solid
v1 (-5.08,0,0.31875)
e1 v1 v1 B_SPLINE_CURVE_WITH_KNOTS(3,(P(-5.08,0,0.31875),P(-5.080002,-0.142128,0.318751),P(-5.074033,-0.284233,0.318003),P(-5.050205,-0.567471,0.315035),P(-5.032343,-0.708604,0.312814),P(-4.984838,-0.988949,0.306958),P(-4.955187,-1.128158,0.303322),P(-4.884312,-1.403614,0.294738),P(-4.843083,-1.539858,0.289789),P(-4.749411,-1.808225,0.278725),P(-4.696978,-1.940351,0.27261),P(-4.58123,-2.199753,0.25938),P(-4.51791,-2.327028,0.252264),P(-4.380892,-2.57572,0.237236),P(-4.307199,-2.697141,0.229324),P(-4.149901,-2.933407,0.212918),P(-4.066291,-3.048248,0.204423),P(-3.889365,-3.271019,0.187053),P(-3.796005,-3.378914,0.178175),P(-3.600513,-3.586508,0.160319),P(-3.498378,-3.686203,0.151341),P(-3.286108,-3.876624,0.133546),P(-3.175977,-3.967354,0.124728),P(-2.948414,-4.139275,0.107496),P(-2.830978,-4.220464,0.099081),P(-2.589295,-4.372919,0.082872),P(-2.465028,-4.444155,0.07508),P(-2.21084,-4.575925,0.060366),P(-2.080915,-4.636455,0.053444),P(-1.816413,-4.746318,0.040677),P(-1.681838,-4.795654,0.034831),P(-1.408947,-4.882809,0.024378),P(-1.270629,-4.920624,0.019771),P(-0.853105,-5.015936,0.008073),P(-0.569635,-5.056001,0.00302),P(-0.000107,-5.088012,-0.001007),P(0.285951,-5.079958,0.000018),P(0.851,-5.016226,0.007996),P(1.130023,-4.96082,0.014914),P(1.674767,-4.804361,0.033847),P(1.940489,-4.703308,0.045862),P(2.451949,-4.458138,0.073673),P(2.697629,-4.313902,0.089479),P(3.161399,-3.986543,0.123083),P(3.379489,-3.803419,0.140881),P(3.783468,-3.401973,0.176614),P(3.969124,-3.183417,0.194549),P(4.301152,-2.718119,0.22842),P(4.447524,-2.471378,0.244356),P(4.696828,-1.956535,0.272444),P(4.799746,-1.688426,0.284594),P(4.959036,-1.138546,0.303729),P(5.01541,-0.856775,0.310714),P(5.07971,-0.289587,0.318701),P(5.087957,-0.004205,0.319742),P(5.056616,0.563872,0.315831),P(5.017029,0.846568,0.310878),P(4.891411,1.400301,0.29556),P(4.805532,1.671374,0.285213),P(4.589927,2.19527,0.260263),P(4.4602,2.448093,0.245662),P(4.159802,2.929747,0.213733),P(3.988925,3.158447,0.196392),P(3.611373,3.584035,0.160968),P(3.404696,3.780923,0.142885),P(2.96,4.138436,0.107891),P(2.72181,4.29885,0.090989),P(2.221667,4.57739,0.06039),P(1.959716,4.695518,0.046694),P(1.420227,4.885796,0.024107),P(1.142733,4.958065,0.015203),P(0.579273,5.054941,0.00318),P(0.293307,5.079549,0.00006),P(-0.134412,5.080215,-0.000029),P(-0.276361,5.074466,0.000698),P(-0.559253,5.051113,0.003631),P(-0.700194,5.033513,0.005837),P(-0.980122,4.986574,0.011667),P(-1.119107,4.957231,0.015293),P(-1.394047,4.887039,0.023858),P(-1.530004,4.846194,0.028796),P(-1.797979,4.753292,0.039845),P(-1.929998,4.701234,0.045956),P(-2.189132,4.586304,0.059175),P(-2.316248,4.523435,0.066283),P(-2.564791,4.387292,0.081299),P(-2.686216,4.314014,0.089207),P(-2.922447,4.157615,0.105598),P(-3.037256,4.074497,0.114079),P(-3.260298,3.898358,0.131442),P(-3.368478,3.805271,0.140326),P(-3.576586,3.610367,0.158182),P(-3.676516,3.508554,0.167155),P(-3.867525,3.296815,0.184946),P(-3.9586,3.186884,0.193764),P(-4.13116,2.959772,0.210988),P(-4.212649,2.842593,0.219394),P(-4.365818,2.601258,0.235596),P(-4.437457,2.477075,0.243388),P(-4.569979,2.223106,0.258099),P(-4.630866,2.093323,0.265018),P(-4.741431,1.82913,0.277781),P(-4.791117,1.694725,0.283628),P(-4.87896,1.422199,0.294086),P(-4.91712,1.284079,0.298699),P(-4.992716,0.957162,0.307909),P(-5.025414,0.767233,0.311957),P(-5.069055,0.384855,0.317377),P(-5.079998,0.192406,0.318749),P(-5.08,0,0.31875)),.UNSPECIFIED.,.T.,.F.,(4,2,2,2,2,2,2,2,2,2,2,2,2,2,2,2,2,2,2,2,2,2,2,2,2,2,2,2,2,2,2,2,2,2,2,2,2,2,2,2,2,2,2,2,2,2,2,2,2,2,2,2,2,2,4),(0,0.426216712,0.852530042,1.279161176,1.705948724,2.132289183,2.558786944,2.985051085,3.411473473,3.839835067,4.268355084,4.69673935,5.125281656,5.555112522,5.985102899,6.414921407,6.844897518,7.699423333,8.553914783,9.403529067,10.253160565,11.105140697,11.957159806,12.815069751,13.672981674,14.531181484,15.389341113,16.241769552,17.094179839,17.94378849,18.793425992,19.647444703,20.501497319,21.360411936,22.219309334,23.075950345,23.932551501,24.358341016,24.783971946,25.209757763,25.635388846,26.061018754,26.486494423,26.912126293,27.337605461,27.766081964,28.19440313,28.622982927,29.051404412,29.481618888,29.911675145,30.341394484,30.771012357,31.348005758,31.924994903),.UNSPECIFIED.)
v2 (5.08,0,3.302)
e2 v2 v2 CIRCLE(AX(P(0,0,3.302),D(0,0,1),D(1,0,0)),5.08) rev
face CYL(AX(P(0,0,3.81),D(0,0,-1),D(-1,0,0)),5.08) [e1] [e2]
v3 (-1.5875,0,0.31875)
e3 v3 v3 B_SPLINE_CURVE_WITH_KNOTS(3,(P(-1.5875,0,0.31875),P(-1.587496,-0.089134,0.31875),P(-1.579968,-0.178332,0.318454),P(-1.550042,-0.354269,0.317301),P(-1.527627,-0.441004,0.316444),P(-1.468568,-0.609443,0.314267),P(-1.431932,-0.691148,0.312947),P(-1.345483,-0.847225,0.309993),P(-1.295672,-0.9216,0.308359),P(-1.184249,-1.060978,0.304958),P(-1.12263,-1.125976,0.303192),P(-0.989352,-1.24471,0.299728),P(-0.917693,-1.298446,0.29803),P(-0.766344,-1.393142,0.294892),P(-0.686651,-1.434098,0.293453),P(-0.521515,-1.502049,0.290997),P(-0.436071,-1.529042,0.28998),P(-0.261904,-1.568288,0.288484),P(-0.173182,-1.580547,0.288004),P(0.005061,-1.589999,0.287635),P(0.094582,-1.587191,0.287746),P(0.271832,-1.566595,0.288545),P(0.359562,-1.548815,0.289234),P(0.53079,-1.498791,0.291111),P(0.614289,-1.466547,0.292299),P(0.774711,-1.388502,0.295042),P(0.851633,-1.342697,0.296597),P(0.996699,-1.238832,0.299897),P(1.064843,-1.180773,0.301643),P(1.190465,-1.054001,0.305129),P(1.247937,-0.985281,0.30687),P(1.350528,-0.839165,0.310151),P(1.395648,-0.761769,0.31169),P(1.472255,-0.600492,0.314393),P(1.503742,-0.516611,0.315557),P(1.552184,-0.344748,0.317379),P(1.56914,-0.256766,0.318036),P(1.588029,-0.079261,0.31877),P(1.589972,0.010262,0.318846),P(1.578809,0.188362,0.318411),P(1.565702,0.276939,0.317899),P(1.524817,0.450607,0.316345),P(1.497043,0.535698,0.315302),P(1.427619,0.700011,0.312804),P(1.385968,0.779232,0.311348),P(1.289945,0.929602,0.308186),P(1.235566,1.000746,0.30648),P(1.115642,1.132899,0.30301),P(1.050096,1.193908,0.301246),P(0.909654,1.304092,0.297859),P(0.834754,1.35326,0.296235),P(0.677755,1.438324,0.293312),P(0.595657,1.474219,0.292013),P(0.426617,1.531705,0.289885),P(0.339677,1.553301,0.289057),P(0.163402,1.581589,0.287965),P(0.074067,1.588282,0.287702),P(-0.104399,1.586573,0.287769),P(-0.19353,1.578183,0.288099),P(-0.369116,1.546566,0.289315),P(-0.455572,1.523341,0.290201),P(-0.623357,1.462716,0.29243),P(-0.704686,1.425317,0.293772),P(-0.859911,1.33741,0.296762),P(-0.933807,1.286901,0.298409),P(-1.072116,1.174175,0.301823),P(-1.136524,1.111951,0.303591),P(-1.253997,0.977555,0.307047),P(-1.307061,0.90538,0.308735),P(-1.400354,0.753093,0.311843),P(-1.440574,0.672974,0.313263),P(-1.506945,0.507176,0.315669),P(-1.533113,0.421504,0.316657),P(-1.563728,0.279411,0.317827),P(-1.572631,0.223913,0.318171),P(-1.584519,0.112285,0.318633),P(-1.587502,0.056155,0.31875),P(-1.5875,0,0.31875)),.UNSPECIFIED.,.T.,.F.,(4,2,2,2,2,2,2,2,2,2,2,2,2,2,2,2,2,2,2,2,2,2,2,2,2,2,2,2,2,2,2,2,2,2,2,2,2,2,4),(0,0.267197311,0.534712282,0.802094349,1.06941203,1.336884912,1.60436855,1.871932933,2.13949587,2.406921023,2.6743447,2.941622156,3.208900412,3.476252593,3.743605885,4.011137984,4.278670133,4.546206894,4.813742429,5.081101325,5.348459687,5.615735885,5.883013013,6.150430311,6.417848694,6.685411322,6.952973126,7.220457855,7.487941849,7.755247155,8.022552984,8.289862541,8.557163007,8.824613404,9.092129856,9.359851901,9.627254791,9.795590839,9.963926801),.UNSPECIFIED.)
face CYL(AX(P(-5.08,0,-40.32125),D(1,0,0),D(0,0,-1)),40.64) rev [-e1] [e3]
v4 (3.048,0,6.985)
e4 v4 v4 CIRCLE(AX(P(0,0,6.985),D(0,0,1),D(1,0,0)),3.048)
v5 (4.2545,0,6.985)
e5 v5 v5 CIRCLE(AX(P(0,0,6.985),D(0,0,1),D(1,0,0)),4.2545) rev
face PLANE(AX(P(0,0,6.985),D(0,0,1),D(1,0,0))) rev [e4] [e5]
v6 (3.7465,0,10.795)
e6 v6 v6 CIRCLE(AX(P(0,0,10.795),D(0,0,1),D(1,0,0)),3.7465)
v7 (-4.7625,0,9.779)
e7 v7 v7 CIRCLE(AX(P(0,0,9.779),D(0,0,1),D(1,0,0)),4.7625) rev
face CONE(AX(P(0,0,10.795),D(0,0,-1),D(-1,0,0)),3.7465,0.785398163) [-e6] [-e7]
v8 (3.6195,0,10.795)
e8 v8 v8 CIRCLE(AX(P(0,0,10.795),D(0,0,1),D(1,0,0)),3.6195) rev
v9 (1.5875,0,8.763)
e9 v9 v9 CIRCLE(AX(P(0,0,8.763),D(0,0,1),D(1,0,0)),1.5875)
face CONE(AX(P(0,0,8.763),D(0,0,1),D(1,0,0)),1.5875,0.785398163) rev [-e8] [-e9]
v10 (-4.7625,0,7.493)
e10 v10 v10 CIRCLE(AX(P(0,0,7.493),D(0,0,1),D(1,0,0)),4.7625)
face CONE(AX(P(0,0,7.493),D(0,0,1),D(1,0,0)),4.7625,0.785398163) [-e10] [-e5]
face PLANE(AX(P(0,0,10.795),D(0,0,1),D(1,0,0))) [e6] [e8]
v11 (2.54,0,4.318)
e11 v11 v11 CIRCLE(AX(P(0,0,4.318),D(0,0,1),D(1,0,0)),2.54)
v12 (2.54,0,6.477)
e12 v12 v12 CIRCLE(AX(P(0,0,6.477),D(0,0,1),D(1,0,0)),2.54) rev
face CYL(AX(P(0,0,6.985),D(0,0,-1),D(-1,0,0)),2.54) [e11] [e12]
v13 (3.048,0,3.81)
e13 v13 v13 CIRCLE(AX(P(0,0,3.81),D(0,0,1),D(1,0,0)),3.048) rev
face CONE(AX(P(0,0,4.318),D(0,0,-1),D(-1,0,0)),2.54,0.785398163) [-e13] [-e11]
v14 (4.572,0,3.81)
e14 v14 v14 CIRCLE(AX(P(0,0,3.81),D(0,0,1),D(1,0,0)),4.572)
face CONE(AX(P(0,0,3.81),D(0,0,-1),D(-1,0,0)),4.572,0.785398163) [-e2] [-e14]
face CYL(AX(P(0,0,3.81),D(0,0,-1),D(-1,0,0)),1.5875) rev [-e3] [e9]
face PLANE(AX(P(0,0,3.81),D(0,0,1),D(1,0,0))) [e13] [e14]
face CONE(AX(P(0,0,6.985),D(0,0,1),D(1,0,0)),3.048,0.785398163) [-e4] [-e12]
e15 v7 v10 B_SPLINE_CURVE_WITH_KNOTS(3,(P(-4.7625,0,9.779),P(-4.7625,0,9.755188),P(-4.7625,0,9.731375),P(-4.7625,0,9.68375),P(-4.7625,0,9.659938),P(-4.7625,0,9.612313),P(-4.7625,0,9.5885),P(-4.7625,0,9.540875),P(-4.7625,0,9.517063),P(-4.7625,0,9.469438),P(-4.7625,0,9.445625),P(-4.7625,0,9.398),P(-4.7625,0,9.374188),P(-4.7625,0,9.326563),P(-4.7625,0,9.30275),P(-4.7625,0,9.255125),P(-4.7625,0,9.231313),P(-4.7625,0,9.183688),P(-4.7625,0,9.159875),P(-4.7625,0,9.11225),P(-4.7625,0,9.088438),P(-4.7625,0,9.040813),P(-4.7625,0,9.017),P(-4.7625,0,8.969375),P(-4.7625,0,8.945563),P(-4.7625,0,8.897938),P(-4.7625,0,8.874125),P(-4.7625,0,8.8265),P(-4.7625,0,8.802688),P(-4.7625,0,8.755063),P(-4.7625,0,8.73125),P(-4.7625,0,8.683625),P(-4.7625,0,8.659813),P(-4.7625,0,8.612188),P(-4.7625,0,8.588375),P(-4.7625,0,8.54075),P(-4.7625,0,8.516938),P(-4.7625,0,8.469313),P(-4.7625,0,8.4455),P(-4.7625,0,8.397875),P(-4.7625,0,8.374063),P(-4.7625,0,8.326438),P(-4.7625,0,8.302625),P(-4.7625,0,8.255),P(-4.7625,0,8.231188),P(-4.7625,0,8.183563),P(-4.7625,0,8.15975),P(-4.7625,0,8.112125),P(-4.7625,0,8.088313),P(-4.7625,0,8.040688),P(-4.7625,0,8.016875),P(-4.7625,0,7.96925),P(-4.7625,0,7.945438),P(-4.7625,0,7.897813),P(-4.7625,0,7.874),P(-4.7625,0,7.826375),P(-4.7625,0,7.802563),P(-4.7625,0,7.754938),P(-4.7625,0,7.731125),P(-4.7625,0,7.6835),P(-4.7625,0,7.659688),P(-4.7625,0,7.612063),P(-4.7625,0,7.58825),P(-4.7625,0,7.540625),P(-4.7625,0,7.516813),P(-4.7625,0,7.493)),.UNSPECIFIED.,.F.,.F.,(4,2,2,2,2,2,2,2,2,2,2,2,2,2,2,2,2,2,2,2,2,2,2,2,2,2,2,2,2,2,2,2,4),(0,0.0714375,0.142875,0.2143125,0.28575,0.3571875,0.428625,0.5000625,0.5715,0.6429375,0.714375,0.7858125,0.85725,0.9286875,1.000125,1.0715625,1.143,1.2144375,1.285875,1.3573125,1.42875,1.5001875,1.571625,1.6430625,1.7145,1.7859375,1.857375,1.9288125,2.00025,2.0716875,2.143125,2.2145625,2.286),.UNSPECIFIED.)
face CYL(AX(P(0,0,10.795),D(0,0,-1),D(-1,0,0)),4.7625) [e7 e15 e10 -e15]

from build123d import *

# Parameters (mm, degrees)
SKETCH1_R               = 5.08
SKETCH1_R_2             = 1.5875
BOSS_EXTRUDE1_DEPTH     = 3.81
SKETCH2_R               = 2.54
SKETCH2_R_2             = 1.5875
BOSS_EXTRUDE2_DEPTH     = 3.175
SKETCH3_R               = 4.7625
SKETCH3_R_2             = 1.5875
BOSS_EXTRUDE3_DEPTH     = 3.81
CHAMFER1_SIZE           = 0.508
CHAMFER2_SIZE           = 0.508
CHAMFER3_SIZE           = 2.032
CUT_EXTRUDE1_DEPTH      = 13.967066939
CUT_EXTRUDE1_DEPTH_BACK = 13.967066939
SKETCH4_R               = 40.64
CHAMFER4_SIZE           = 1.016


with BuildPart() as part:
    # Sketch1 → Boss-Extrude1 (new body)
    with BuildSketch(Plane.XY):
        with Locations(Location((0, 0, 0), (0, 0, 180))):
            Circle(SKETCH1_R)
        with Locations(Location((0, 0, 0), (0, 0, 180))):
            Circle(SKETCH1_R_2, mode=Mode.SUBTRACT)
    extrude(amount=BOSS_EXTRUDE1_DEPTH)

    # Sketch2 → Boss-Extrude2 (add)
    with BuildSketch(Plane.XY.offset(3.81)):
        Circle(SKETCH2_R)
        with Locations(Location((0, 0, 0), (0, 0, 180))):
            Circle(SKETCH2_R_2, mode=Mode.SUBTRACT)
    extrude(amount=BOSS_EXTRUDE2_DEPTH)

    # Sketch3 → Boss-Extrude3 (add)
    with BuildSketch(Plane.XY.offset(6.985)):
        with Locations(Location((0, 0, 0), (0, 0, 180))):
            Circle(SKETCH3_R)
        with Locations(Location((0, 0, 0), (0, 0, 180))):
            Circle(SKETCH3_R_2, mode=Mode.SUBTRACT)
    extrude(amount=BOSS_EXTRUDE3_DEPTH)

    # Chamfer1
    chamfer1_edges = [part.edges().sort_by_distance(p)[0] for p in [
        (-2.54, 0, 6.985),
        (-2.54, 0, 3.81),
    ]]
    chamfer(chamfer1_edges, length=CHAMFER1_SIZE)

    # Chamfer2
    chamfer2_edges = [part.edges().sort_by_distance(p)[0] for p in [
        (4.7625, 0, 6.985),
        (5.08, 0, 3.81),
    ]]
    chamfer(chamfer2_edges, length=CHAMFER2_SIZE)

    # Chamfer3
    chamfer3_edges = [part.edges().sort_by_distance(p)[0] for p in [
        (1.5875, 0, 10.795),
    ]]
    chamfer(chamfer3_edges, length=CHAMFER3_SIZE)

    # Sketch4 → Cut-Extrude1 (cut, two sides: drawn at the far end of the back side and taken through both)
    with BuildSketch(Plane(origin=(0, 0, 0), x_dir=(0, 0, -1), z_dir=(1, 0, 0)).offset(-CUT_EXTRUDE1_DEPTH_BACK)):
        with Locations((40.321249981, 0)):
            Circle(SKETCH4_R)
    extrude(amount=CUT_EXTRUDE1_DEPTH + CUT_EXTRUDE1_DEPTH_BACK, mode=Mode.SUBTRACT)

    # Chamfer4
    chamfer4_edges = [part.edges().sort_by_distance(p)[0] for p in [
        (4.7625, 0, 10.795),
    ]]
    chamfer(chamfer4_edges, length=CHAMFER4_SIZE)


solid = part.part
